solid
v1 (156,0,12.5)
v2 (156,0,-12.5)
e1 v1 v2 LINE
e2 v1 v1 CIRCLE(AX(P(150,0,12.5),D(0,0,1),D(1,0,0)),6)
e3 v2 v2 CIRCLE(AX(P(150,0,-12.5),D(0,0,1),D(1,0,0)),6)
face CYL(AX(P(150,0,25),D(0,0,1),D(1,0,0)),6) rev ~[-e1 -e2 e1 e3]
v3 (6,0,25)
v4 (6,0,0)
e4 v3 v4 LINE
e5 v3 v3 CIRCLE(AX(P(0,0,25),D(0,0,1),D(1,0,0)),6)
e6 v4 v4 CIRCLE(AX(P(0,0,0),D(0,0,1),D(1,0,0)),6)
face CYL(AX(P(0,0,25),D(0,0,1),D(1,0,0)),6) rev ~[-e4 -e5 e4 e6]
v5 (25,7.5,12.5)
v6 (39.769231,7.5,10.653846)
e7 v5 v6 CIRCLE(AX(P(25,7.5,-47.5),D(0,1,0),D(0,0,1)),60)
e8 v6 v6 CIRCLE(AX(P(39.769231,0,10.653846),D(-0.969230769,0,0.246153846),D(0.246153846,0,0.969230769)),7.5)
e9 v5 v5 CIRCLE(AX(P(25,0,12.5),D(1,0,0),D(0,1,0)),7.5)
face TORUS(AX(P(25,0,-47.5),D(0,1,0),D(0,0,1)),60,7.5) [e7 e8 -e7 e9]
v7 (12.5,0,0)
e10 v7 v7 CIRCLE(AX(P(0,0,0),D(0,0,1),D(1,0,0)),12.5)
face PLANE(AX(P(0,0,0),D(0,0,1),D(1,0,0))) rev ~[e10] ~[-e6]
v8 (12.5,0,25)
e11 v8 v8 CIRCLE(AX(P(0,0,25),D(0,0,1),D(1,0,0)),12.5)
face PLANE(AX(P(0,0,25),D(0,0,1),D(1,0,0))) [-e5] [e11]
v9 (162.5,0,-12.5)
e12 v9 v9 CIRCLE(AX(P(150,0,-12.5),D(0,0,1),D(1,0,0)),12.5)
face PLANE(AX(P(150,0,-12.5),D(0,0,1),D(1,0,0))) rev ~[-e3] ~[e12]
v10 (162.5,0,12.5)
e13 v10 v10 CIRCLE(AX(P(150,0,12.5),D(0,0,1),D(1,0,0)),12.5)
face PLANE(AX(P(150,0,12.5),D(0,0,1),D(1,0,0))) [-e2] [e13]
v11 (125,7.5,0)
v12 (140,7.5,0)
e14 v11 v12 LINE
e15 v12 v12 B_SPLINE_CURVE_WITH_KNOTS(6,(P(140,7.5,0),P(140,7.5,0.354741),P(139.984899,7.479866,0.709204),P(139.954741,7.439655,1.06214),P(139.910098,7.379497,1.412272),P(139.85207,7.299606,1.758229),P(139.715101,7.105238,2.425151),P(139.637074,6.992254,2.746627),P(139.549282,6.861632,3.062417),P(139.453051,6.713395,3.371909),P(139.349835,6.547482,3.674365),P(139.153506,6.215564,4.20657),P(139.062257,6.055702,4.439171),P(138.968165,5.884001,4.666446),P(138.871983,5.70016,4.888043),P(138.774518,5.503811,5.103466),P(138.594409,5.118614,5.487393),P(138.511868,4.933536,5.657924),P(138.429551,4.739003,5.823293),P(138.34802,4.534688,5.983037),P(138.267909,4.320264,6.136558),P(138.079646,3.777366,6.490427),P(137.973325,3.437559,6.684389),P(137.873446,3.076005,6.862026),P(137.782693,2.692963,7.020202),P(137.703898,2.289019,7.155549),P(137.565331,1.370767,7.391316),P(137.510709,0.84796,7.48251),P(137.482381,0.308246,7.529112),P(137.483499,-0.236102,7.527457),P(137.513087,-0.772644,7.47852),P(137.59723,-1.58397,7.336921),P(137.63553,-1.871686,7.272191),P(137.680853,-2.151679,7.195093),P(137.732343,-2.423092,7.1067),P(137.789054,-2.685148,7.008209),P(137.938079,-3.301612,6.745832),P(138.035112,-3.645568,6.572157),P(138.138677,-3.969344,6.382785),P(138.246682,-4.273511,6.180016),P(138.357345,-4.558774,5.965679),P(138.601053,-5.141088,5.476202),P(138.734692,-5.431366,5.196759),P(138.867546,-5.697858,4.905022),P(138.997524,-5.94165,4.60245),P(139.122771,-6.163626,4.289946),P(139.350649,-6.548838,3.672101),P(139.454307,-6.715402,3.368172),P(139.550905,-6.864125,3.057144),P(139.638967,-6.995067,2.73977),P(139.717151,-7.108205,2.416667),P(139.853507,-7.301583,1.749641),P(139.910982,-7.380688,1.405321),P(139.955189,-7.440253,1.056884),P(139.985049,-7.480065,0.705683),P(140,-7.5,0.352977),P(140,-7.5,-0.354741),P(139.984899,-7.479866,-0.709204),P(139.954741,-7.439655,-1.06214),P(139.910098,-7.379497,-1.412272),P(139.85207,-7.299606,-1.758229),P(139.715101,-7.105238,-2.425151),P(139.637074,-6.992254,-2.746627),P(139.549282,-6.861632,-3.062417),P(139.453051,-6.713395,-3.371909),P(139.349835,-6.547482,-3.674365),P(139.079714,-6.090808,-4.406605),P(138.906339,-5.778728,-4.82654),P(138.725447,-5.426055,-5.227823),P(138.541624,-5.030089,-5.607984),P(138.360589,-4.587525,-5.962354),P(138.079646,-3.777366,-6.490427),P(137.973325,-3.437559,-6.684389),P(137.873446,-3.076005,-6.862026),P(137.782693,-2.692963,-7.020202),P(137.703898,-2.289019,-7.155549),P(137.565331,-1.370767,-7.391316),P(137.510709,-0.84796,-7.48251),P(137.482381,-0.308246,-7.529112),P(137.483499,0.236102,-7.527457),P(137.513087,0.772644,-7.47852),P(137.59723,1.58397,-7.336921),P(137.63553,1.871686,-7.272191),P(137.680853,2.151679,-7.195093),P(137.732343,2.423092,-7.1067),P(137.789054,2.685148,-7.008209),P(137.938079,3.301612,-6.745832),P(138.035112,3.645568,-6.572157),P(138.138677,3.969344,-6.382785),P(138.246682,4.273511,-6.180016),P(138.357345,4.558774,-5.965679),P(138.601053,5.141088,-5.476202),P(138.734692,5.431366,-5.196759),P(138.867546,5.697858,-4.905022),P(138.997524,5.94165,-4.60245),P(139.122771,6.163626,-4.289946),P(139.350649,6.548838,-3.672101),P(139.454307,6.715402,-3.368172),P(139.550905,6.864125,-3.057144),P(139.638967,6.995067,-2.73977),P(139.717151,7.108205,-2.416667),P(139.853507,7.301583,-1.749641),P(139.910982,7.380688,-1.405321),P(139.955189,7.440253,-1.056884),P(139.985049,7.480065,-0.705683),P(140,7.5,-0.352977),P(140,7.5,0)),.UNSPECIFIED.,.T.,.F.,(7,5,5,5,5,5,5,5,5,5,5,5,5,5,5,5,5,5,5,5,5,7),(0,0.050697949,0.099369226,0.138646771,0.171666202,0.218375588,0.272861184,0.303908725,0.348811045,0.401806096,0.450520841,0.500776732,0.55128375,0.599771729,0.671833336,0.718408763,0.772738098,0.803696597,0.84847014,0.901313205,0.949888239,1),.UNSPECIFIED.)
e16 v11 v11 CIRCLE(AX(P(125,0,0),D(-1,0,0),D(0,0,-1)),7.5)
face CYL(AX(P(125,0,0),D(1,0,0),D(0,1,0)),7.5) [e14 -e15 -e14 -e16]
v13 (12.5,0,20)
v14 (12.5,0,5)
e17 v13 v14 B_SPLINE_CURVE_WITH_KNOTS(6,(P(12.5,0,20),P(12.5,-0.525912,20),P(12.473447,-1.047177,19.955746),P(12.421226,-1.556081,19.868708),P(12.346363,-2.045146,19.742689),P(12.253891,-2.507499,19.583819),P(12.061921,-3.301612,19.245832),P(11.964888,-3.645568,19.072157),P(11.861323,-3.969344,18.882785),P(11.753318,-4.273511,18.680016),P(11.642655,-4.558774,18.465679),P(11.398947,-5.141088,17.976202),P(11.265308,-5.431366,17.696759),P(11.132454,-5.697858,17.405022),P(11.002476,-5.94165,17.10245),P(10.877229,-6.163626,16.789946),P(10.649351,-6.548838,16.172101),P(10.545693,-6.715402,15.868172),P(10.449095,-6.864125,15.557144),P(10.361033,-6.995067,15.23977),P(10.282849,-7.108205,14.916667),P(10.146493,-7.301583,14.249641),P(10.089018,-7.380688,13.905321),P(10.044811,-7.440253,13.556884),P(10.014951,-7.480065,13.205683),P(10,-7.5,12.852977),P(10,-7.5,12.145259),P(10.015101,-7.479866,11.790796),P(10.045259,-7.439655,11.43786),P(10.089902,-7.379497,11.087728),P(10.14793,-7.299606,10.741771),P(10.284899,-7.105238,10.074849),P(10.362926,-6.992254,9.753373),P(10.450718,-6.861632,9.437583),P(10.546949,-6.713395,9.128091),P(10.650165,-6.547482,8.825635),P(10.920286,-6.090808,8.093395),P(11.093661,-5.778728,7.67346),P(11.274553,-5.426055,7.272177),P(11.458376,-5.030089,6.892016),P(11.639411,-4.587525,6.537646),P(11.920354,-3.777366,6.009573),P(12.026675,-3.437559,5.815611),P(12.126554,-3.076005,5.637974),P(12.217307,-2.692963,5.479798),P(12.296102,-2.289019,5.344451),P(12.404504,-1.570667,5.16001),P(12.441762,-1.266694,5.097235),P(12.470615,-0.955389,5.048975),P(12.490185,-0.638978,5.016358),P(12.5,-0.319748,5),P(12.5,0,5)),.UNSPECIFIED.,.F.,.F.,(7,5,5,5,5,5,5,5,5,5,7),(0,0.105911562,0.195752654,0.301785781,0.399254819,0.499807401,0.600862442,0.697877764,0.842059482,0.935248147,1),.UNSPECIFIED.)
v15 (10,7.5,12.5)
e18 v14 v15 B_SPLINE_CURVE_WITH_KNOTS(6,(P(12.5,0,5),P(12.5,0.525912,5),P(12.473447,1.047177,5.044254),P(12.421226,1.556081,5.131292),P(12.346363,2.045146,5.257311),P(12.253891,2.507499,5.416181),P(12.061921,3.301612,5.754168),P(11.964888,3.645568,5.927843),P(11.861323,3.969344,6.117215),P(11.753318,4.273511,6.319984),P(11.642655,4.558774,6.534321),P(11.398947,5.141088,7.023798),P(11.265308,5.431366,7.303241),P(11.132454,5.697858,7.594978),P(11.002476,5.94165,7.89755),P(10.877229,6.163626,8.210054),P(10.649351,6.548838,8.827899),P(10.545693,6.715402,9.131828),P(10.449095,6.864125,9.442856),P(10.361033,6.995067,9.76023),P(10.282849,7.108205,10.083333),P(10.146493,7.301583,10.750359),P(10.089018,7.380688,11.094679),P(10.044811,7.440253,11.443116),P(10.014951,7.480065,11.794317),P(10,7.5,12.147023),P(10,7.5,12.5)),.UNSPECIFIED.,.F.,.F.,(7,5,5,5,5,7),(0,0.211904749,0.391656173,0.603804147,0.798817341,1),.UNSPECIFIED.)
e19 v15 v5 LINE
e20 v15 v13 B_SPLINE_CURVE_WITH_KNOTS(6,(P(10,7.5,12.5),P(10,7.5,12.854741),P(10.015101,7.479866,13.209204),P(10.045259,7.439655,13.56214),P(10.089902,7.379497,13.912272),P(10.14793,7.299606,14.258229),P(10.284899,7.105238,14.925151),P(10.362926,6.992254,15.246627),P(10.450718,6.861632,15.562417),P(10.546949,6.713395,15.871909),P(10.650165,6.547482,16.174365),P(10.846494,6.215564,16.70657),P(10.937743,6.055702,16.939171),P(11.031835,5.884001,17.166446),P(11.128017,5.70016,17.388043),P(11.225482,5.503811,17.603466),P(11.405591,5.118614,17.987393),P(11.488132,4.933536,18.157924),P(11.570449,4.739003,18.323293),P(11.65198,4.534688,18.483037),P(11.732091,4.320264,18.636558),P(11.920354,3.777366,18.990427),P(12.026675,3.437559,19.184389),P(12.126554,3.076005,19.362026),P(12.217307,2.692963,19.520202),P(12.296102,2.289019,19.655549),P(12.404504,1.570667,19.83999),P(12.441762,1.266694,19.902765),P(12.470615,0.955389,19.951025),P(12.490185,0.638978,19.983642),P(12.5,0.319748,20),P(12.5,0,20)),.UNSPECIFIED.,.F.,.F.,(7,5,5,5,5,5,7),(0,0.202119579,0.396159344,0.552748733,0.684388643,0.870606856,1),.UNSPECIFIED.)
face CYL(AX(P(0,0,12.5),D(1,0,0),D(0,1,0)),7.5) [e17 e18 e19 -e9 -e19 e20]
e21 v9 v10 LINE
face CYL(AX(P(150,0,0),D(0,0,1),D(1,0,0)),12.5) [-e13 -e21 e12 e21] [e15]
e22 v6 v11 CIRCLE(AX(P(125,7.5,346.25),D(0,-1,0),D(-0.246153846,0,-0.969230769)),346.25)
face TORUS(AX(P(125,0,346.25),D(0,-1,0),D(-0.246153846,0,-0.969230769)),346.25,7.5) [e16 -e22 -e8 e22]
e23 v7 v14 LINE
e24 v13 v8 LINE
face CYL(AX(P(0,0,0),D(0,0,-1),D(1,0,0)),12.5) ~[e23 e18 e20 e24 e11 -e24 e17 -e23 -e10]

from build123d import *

# Parameters (mm, degrees)
F0_R     = 12.5
F1_DEPTH = 25
F2_DEPTH = 12.5
F4_R     = 7.5
F6_R     = 6
F7_DEPTH = 37.5010001


with BuildPart() as f1:
    # F0 (on Top) → F1 (new body)
    with BuildSketch(Plane.XY):
        Circle(F0_R)
    extrude(amount=F1_DEPTH)



with BuildPart() as f2:
    # F0 (on Top) → F2 (new body, symmetric)
    with BuildSketch(Plane.XY):
        with Locations((150, 0)):
            Circle(F0_R)
    extrude(amount=F2_DEPTH, both=True)


with BuildPart() as f1_1:
    add(f1.part)

    add(f2.part)  # F5 merges F2
    # F5: sweep along a path in F3
    with BuildLine(Plane.XZ) as f5_path:
        Line((0, 12.5), (25, 12.5))
        ThreePointArc((25, 12.5), (32.4420840754, 12.0366726028), (39.7692307692, 10.6538461538))
        ThreePointArc((39.7692307692, 10.6538461538), (82.0529731485, 2.6737851879), (125, 0))
        Line((125, 0), (150, 0))
    # F4 (on Right) → F5 (sweep)
    with BuildSketch(Plane.YZ):
        with Locations((0, 12.5)):
            Circle(F4_R)
    sweep(path=f5_path.line)

    # F6 (on face) → F7 (cut, through all)
    with BuildSketch(Plane.XY.offset(25)):
        Circle(F6_R)
        with Locations((150, 0)):
            Circle(F6_R)
    extrude(amount=-F7_DEPTH, mode=Mode.SUBTRACT)


solid = f1_1.part
